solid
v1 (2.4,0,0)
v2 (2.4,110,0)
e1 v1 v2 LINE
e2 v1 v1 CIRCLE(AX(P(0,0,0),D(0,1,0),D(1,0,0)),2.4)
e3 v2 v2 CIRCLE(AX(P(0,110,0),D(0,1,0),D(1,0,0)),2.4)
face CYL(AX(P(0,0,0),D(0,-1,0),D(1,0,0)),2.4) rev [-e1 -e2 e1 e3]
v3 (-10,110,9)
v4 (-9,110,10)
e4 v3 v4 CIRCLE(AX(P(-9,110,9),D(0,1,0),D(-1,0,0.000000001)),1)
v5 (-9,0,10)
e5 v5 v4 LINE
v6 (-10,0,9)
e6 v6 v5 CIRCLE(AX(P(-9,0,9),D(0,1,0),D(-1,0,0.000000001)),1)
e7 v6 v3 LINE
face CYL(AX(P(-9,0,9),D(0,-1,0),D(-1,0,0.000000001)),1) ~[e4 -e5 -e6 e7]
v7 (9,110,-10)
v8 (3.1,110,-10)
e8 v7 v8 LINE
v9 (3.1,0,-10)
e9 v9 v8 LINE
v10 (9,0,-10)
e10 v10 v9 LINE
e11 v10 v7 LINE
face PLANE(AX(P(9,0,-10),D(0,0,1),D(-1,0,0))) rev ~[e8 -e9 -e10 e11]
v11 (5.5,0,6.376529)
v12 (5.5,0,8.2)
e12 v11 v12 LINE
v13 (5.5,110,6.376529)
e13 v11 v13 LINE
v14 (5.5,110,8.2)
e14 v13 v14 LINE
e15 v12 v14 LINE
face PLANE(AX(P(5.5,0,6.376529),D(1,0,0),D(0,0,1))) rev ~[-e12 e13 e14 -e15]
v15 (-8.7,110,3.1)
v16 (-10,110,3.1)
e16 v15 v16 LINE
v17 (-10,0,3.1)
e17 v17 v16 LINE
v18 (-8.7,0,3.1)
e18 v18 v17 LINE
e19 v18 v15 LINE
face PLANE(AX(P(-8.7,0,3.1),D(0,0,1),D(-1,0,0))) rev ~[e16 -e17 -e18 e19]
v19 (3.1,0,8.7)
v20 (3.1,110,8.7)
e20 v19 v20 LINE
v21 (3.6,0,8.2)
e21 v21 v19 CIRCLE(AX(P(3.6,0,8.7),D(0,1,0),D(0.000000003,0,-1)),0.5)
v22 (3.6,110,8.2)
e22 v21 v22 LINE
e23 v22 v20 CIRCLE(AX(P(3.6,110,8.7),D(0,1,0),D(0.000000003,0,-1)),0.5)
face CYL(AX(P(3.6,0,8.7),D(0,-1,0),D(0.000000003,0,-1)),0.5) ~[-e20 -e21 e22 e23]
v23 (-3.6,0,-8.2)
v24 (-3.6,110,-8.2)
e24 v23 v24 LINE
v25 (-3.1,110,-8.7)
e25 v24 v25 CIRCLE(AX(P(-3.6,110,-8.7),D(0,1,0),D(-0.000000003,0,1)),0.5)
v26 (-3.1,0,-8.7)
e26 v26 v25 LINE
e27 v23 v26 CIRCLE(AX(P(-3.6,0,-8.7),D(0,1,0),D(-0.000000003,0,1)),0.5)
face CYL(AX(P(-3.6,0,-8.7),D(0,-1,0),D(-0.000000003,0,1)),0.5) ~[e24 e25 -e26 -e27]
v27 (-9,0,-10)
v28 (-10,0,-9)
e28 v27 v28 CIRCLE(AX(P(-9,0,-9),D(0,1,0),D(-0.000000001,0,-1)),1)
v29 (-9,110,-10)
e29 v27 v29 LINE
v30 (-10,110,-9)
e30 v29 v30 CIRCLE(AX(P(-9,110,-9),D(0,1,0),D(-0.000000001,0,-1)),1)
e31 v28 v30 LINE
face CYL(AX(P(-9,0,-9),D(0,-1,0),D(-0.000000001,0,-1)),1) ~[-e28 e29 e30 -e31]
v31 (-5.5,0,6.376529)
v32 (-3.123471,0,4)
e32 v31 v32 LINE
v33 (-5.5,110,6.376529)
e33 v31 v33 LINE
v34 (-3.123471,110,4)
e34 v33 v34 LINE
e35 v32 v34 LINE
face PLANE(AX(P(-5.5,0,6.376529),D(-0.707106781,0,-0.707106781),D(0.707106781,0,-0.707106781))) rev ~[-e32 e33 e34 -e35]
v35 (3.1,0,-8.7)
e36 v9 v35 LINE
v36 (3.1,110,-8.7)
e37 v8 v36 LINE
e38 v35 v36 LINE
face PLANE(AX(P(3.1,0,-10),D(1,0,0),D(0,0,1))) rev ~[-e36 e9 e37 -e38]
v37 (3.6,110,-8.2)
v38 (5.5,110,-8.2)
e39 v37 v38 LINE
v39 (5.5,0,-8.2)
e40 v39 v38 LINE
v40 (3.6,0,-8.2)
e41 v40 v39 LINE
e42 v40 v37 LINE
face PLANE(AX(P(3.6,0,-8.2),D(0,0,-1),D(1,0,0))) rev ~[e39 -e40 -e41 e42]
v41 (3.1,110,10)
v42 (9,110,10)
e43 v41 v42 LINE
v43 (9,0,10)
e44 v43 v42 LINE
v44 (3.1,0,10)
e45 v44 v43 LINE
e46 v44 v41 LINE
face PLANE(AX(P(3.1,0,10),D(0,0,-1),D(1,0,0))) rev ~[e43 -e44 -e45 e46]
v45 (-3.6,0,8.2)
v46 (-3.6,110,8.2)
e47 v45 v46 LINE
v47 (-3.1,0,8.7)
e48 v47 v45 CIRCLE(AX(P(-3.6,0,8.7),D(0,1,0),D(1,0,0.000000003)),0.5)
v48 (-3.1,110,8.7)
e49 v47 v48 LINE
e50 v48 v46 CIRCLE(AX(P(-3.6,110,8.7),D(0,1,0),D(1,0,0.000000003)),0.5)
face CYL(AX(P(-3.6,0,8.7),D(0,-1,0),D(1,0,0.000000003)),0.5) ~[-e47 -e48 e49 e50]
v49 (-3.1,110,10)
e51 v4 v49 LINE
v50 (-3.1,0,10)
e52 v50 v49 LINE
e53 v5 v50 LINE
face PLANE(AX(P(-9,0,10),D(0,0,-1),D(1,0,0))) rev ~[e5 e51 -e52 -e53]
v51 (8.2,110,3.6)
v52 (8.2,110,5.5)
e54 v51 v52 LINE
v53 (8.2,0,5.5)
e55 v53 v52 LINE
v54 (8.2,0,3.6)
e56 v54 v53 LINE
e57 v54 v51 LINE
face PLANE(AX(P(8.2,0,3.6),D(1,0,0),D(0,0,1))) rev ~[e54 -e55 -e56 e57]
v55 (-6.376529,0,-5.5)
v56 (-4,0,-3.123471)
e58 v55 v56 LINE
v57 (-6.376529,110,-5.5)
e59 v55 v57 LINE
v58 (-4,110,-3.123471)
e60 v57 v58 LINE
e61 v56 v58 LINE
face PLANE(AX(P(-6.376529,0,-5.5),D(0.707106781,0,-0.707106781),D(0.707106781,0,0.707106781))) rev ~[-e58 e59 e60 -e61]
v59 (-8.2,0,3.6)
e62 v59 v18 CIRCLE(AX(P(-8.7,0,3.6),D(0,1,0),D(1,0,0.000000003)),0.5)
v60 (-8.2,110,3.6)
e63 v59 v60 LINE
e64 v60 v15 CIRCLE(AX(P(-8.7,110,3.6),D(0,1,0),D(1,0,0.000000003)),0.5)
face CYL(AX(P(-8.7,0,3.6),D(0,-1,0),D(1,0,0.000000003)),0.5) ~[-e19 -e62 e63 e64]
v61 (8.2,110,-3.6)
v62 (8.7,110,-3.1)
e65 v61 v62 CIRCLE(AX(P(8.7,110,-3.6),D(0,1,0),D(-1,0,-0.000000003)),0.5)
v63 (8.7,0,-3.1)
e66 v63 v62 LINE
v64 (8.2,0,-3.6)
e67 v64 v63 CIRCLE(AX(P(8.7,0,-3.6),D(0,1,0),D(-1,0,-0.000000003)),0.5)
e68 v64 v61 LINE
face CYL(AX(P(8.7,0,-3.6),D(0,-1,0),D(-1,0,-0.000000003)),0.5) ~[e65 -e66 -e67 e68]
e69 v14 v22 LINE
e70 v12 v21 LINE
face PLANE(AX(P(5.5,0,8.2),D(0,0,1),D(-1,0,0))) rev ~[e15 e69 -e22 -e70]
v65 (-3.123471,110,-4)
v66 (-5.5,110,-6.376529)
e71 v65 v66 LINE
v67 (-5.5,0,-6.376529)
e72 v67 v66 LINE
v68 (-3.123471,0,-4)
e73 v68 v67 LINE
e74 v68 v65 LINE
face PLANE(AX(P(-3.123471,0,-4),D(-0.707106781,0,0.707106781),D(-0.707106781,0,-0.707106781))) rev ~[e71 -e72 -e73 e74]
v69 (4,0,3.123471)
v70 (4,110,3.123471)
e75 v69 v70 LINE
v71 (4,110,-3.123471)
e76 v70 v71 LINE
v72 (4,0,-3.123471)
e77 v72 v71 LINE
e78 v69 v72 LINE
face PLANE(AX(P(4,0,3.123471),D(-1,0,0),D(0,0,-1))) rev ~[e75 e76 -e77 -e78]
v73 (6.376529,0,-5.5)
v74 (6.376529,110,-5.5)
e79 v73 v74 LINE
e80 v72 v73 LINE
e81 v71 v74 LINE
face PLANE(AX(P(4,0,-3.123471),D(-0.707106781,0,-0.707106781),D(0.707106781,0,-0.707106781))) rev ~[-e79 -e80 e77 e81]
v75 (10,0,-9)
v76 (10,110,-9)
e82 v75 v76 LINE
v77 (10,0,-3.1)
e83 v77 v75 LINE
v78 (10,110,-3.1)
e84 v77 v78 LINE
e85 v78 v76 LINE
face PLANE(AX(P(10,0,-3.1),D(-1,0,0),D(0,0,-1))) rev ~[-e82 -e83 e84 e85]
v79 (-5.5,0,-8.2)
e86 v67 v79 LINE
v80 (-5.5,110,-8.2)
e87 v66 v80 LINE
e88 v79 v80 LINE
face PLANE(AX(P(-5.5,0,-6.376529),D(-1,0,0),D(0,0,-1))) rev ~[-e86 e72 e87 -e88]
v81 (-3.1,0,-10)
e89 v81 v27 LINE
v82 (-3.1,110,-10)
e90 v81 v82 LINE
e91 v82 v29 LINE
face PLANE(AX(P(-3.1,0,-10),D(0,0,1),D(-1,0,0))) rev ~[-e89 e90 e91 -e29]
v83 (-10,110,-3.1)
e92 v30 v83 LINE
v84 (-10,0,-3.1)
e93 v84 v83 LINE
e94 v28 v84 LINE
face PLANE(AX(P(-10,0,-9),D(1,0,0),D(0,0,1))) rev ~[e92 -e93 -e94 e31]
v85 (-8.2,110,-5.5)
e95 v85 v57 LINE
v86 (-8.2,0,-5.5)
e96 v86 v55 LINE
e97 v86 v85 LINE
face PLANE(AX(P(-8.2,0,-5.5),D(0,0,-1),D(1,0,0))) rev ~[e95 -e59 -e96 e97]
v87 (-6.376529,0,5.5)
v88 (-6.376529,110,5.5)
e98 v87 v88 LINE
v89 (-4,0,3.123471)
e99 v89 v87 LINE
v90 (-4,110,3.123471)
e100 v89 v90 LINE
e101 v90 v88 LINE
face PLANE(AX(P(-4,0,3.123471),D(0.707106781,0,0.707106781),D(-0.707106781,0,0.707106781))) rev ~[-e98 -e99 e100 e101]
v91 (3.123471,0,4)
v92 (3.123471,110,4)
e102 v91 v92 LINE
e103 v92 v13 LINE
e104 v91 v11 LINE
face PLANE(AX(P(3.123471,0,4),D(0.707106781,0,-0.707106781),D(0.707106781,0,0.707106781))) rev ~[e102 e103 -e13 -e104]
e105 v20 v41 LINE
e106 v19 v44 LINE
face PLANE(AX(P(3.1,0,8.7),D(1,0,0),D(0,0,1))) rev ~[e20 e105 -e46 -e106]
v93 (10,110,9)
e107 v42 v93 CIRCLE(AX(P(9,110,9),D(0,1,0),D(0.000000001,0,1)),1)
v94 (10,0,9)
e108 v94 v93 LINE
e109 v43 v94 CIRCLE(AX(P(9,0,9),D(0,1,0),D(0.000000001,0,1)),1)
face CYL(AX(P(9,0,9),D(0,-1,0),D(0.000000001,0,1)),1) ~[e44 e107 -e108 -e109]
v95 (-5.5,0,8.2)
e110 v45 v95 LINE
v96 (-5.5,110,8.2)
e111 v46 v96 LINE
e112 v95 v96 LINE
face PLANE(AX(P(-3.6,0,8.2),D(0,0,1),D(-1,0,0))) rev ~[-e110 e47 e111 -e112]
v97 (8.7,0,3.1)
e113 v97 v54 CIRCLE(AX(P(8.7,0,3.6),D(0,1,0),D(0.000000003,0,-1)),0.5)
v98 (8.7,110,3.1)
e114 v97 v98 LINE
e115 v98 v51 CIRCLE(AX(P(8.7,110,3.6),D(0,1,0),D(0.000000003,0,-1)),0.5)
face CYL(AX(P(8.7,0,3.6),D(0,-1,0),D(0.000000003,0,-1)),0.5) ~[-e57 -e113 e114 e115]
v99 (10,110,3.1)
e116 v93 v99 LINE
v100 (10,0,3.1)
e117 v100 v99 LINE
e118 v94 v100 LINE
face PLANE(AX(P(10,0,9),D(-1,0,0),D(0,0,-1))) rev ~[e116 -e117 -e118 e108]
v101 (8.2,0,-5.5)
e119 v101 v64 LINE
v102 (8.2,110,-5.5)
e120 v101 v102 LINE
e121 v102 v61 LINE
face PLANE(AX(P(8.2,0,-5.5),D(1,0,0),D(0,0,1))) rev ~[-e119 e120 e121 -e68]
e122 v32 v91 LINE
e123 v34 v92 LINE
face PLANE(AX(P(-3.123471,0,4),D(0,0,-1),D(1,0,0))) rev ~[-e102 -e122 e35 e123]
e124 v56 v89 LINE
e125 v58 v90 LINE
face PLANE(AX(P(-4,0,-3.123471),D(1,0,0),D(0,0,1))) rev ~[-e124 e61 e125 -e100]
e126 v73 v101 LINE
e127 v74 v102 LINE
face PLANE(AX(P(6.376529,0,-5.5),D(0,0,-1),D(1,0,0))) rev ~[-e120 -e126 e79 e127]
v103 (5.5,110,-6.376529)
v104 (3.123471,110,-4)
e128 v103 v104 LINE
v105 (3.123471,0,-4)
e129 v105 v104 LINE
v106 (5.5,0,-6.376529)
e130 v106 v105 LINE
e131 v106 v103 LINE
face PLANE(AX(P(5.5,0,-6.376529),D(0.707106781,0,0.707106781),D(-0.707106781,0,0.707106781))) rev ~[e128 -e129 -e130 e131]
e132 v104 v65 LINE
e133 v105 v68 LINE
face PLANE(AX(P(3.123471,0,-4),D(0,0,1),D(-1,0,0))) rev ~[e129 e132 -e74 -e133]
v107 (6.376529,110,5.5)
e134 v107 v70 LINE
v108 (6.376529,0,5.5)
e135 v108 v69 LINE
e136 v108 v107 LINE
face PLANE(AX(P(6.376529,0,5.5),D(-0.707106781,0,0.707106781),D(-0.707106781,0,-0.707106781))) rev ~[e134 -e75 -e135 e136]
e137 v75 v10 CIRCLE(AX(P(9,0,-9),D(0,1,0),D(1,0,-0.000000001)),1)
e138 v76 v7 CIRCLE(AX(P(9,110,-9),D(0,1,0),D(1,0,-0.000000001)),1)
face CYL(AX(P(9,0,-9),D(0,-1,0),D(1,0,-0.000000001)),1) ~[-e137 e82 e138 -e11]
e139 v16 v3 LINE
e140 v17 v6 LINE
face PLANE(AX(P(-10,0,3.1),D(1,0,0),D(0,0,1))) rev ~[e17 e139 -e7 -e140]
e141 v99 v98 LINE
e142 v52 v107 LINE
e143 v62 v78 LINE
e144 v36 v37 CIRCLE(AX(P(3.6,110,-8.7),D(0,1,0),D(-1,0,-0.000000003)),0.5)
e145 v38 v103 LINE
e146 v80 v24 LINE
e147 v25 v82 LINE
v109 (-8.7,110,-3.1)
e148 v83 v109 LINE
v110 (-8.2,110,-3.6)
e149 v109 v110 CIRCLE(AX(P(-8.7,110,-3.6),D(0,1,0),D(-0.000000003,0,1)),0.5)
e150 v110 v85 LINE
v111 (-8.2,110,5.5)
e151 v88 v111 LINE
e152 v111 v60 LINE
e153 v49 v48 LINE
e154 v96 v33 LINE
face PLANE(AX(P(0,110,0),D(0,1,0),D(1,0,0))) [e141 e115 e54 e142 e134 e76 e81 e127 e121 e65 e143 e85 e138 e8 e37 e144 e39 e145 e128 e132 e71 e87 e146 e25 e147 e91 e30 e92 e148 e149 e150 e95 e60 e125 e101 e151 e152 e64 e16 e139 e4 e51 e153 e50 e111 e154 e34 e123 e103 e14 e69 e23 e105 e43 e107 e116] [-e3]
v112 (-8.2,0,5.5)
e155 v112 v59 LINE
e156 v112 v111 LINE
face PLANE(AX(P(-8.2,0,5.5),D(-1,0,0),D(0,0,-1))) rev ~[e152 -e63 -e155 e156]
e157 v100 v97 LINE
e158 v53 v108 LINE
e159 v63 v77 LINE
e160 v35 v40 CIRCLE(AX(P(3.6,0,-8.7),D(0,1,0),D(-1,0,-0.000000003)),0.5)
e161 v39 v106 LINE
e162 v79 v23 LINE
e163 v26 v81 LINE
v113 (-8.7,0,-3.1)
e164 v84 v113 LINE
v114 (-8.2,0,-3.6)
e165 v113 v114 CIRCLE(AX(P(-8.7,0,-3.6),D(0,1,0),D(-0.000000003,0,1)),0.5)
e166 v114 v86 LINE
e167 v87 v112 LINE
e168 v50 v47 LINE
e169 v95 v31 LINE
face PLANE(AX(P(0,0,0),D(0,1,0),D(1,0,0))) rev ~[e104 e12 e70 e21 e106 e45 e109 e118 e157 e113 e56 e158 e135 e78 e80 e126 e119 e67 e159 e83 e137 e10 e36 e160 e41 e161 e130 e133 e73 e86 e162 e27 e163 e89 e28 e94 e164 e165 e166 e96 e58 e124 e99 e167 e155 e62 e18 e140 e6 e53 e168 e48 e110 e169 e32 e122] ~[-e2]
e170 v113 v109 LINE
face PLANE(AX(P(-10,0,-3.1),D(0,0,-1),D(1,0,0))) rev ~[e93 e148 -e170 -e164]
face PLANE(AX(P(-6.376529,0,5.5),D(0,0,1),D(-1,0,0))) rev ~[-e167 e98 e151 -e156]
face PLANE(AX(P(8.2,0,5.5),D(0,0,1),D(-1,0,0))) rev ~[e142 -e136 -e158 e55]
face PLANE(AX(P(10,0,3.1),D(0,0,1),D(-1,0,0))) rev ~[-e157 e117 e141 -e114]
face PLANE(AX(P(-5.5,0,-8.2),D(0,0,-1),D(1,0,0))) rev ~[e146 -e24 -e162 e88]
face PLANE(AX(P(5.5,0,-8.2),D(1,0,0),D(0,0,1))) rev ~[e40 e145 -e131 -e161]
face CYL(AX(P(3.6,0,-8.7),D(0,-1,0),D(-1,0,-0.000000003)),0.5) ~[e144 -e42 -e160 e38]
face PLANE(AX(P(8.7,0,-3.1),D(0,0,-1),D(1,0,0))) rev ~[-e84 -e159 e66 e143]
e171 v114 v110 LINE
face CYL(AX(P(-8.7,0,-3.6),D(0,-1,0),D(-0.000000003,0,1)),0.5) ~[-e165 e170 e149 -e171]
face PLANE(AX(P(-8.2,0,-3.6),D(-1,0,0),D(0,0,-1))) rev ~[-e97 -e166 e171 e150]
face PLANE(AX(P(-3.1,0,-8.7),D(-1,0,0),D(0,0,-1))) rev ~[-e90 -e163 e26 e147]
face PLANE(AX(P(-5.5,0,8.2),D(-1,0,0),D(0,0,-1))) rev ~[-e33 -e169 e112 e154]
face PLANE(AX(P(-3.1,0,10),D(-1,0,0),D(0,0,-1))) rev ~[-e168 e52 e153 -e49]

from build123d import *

# Parameters (mm, degrees)
SKETCH1_R           = 2.4
BOSS_EXTRUDE1_DEPTH = 110


with BuildPart() as part:
    # Sketch1 → Boss-Extrude1 (new body)
    with BuildSketch(Plane(origin=(0, 0, 0), x_dir=(1, 0, 0), z_dir=(0, 1, 0))):
        with BuildLine():
            ThreePointArc((-10, -9), (-9.707106781, -9.707106781), (-9, -10))
            Line((-9, -10), (-3.1, -10))
            Line((-3.1, -10), (-3.1, -8.7))
            ThreePointArc((-3.1, -8.7), (-3.246446609, -8.346446609), (-3.6, -8.2))
            Line((-3.6, -8.2), (-5.5, -8.2))
            Line((-5.5, -8.2), (-5.5, -6.376528763))
            Line((-5.5, -6.376528763), (-3.123471237, -4))
            Line((-3.123471237, -4), (0, -4))
            Line((0, -4), (3.123471237, -4))
            Line((3.123471237, -4), (5.5, -6.376528763))
            Line((5.5, -6.376528763), (5.5, -8.2))
            Line((5.5, -8.2), (3.6, -8.2))
            ThreePointArc((3.6, -8.2), (3.246446609, -8.346446609), (3.1, -8.7))
            Line((3.1, -8.7), (3.1, -10))
            Line((3.1, -10), (9, -10))
            ThreePointArc((9, -10), (9.707106781, -9.707106781), (10, -9))
            Line((10, -9), (10, -3.1))
            Line((10, -3.1), (8.7, -3.1))
            ThreePointArc((8.7, -3.1), (8.346446609, -3.246446609), (8.2, -3.6))
            Line((8.2, -3.6), (8.2, -5.5))
            Line((8.2, -5.5), (6.376528763, -5.5))
            Line((6.376528763, -5.5), (4, -3.123471237))
            Line((4, -3.123471237), (4, 0))
            Line((4, 0), (4, 3.123471237))
            Line((4, 3.123471237), (6.376528763, 5.5))
            Line((6.376528763, 5.5), (8.2, 5.5))
            Line((8.2, 5.5), (8.2, 3.6))
            ThreePointArc((8.2, 3.6), (8.346446609, 3.246446609), (8.7, 3.1))
            Line((8.7, 3.1), (10, 3.1))
            Line((10, 3.1), (10, 9))
            ThreePointArc((10, 9), (9.707106781, 9.707106781), (9, 10))
            Line((9, 10), (3.1, 10))
            Line((3.1, 10), (3.1, 8.7))
            ThreePointArc((3.1, 8.7), (3.246446609, 8.346446609), (3.6, 8.2))
            Line((3.6, 8.2), (5.5, 8.2))
            Line((5.5, 8.2), (5.5, 6.376528763))
            Line((5.5, 6.376528763), (3.123471237, 4))
            Line((3.123471237, 4), (0, 4))
            Line((0, 4), (-3.123471237, 4))
            Line((-3.123471237, 4), (-5.5, 6.376528763))
            Line((-5.5, 6.376528763), (-5.5, 8.2))
            Line((-5.5, 8.2), (-3.6, 8.2))
            ThreePointArc((-3.6, 8.2), (-3.246446609, 8.346446609), (-3.1, 8.7))
            Line((-3.1, 8.7), (-3.1, 10))
            Line((-3.1, 10), (-9, 10))
            ThreePointArc((-9, 10), (-9.707106781, 9.707106781), (-10, 9))
            Line((-10, 9), (-10, 3.1))
            Line((-10, 3.1), (-8.7, 3.1))
            ThreePointArc((-8.7, 3.1), (-8.346446609, 3.246446609), (-8.2, 3.6))
            Line((-8.2, 3.6), (-8.2, 5.5))
            Line((-8.2, 5.5), (-6.376528763, 5.5))
            Line((-6.376528763, 5.5), (-4, 3.123471237))
            Line((-4, 3.123471237), (-4, 0))
            Line((-4, 0), (-4, -3.123471237))
            Line((-4, -3.123471237), (-6.376528763, -5.5))
            Line((-6.376528763, -5.5), (-8.2, -5.5))
            Line((-8.2, -5.5), (-8.2, -3.6))
            ThreePointArc((-8.2, -3.6), (-8.346446609, -3.246446609), (-8.7, -3.1))
            Line((-8.7, -3.1), (-10, -3.1))
            Line((-10, -3.1), (-10, -9))
        make_face()
        Circle(SKETCH1_R, mode=Mode.SUBTRACT)
    extrude(amount=BOSS_EXTRUDE1_DEPTH)


solid = part.part
